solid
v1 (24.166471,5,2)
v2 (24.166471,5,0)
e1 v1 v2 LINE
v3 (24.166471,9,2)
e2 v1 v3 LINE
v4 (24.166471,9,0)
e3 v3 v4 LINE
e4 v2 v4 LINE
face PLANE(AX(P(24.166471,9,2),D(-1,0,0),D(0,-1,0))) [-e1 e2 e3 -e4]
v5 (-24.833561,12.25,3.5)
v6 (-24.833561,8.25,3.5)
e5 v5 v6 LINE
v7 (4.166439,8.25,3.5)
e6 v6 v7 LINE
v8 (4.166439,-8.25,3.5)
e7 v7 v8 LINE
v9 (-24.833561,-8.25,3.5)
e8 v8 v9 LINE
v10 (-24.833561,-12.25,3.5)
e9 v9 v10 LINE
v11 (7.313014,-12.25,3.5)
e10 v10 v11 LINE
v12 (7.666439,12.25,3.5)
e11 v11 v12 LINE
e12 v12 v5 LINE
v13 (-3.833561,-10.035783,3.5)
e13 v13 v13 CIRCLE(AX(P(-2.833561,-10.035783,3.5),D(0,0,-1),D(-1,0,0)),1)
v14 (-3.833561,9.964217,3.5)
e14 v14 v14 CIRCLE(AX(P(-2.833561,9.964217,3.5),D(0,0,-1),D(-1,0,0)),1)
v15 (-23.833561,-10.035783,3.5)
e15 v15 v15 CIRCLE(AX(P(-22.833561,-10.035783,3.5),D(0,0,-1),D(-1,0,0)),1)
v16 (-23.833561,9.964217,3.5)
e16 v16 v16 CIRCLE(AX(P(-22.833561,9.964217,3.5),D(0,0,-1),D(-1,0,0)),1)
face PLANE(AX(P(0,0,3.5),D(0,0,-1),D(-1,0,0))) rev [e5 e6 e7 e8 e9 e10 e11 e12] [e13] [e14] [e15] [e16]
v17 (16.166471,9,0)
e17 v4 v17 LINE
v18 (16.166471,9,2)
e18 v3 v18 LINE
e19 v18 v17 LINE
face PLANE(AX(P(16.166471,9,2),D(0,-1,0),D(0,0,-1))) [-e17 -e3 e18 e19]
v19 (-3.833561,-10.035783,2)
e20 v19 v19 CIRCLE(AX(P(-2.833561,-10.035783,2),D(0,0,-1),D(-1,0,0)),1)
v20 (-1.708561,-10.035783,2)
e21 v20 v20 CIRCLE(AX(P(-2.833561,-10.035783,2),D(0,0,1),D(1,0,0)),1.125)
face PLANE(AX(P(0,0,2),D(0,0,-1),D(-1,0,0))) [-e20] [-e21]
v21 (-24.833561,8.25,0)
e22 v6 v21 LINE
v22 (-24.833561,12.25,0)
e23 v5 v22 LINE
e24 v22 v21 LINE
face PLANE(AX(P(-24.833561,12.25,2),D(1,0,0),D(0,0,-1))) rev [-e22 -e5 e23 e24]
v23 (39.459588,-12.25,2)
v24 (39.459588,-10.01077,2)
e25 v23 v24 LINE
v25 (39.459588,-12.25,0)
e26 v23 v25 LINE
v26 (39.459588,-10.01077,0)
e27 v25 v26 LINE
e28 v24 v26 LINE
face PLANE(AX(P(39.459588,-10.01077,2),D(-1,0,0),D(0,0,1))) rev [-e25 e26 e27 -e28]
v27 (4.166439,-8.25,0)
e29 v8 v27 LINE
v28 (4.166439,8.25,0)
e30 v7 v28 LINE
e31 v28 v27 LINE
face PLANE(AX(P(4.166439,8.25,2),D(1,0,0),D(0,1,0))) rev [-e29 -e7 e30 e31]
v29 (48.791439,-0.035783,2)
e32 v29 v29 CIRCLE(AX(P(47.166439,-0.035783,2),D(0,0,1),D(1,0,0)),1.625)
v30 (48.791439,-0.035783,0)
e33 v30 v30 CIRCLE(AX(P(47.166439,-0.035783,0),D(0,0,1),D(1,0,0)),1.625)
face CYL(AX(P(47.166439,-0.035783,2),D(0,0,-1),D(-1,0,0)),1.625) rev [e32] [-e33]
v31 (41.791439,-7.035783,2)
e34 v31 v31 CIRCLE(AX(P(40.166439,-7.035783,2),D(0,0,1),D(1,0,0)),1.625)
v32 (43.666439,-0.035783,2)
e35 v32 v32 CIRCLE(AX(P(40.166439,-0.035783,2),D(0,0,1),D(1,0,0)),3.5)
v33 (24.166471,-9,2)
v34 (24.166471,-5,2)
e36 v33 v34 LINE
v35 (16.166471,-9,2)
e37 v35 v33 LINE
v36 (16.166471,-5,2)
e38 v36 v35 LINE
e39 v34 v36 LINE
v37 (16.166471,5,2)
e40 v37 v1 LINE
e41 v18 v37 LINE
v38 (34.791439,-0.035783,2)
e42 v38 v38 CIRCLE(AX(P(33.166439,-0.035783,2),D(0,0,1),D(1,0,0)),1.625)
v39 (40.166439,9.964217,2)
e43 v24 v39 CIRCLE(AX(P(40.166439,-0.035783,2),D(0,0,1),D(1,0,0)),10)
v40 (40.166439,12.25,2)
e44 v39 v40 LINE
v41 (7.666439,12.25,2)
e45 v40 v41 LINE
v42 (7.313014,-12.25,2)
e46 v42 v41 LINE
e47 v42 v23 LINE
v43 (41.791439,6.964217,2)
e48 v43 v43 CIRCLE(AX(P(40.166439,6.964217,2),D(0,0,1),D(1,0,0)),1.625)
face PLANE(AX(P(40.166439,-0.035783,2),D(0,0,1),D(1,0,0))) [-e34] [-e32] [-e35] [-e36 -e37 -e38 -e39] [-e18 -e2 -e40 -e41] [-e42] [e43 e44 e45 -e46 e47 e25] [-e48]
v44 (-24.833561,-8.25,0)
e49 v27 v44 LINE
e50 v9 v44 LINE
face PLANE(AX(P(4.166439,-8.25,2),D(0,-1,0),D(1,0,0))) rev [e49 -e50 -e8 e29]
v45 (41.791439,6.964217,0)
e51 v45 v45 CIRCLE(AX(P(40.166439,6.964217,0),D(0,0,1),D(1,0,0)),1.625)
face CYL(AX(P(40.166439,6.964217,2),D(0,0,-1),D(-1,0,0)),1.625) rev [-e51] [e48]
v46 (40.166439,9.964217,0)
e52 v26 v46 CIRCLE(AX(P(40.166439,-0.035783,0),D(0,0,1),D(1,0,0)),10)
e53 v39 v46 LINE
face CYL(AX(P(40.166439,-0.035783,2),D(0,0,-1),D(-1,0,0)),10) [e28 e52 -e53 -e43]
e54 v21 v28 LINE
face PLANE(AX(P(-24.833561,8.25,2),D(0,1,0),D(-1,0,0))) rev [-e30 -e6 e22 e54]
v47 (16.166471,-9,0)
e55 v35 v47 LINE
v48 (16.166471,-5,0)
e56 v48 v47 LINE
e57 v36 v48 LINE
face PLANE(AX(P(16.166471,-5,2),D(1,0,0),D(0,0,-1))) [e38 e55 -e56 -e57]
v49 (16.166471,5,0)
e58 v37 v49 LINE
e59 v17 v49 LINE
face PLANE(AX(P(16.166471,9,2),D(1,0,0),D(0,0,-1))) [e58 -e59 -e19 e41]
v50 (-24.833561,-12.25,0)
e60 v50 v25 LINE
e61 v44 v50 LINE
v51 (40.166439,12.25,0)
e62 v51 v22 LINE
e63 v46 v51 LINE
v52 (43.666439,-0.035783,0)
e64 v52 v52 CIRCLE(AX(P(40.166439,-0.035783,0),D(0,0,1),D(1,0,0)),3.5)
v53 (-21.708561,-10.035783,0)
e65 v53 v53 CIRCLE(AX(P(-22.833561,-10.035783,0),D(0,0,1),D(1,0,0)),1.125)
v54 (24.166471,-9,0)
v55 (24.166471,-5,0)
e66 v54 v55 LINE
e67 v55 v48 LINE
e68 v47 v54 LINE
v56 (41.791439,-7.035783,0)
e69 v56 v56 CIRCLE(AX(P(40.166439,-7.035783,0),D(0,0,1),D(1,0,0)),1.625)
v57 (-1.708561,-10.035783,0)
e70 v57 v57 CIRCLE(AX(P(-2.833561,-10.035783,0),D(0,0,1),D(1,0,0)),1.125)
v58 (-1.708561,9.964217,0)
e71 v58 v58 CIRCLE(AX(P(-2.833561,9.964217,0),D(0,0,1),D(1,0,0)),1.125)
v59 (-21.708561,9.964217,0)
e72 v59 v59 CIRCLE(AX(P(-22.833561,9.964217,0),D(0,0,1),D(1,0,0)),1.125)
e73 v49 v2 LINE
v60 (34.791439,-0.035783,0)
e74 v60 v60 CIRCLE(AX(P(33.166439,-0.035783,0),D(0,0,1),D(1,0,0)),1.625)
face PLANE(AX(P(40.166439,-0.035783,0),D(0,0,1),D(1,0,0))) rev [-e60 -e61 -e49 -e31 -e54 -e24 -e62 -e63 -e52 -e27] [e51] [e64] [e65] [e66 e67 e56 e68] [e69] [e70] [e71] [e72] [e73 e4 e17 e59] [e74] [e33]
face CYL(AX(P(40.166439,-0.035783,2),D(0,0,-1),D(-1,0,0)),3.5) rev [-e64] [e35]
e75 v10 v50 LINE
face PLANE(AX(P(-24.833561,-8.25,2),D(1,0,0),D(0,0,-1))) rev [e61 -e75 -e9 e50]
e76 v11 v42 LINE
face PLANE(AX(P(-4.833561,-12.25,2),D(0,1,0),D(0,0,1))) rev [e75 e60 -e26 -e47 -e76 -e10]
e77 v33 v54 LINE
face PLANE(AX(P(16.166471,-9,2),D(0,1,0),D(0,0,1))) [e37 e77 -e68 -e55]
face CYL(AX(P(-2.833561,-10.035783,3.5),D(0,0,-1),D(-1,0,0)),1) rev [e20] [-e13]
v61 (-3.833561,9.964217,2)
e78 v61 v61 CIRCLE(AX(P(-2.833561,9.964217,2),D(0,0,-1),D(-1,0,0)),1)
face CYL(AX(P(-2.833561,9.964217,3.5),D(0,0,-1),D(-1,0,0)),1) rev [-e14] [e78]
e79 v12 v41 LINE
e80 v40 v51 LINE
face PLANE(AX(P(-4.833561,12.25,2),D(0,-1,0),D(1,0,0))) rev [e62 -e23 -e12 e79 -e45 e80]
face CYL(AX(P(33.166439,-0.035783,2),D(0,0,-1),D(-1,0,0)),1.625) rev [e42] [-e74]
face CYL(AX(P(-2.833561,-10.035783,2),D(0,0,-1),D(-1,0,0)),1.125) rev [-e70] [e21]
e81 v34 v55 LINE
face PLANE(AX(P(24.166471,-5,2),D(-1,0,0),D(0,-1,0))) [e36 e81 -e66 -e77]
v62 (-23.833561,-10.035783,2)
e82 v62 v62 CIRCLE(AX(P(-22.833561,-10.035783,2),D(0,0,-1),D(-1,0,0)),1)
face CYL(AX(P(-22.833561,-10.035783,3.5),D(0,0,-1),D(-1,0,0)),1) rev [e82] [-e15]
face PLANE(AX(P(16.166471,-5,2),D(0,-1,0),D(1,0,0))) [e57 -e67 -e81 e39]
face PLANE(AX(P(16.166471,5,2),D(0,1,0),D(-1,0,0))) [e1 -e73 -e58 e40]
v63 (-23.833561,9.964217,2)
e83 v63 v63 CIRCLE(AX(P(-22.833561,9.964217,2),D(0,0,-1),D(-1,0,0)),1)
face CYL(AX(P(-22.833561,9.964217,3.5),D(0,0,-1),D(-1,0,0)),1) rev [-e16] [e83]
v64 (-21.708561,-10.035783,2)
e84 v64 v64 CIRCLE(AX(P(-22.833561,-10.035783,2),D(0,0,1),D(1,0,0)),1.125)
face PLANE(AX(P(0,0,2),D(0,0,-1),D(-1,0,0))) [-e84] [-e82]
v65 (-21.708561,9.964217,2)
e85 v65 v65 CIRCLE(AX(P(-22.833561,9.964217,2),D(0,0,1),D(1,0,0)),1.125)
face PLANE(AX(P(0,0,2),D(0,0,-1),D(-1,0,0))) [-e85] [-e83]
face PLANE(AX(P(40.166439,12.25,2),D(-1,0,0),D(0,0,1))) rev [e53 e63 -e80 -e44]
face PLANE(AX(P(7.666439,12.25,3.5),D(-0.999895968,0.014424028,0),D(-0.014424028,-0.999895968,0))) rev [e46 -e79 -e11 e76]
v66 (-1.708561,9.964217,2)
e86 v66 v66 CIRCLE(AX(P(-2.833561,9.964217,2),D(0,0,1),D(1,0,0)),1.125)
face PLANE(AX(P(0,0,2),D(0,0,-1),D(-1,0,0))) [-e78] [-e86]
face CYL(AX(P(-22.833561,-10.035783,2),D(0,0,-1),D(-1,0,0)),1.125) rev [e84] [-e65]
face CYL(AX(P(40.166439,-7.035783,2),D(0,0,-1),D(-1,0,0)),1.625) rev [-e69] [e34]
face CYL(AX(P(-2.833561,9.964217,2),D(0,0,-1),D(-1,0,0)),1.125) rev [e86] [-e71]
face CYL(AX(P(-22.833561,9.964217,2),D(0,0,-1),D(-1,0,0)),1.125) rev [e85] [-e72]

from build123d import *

# Parameters (mm, degrees)
SKETCH1_R           = 1.625
SKETCH1_R_2         = 3.5
SKETCH1_R_3         = 1.125
SKETCH1_W           = 8
SKETCH1_H           = 4
BOSS_EXTRUDE1_DEPTH = 2
BOSS_EXTRUDE2_DEPTH = 1.5
SKETCH4_R           = 1
CUT_EXTRUDE1_DEPTH  = 52.758903682


with BuildPart() as part:
    # Sketch1 → Boss-Extrude1 (new body)
    with BuildSketch(Plane.XY):
        with BuildLine():
            Line((-4.833560916, 12.25), (5.166439084, 12.25))
            Line((5.166439084, 12.25), (40.166439084, 12.25))
            Line((40.166439084, 12.25), (40.166439084, 9.964216866))
            ThreePointArc((40.166439084, 9.964216866), (50.16018383, -0.389429797), (39.459588189, -10.010769942))
            Line((39.459588189, -10.010769942), (39.459588189, -12.25))
            Line((39.459588189, -12.25), (5.166439084, -12.25))
            Line((5.166439084, -12.25), (-4.833560916, -12.25))
            Line((-4.833560916, -12.25), (-24.833560916, -12.25))
            Line((-24.833560916, -12.25), (-24.833560916, -8.25))
            Line((-24.833560916, -8.25), (4.166439084, -8.25))
            Line((4.166439084, -8.25), (4.166439084, 8.25))
            Line((4.166439084, 8.25), (-24.833560916, 8.25))
            Line((-24.833560916, 8.25), (-24.833560916, 12.25))
            Line((-24.833560916, 12.25), (-4.833560916, 12.25))
        make_face()
        with Locations((40.166439084, 6.964216866)):
            Circle(SKETCH1_R, mode=Mode.SUBTRACT)
        with Locations((47.166439084, -0.035783134)):
            Circle(SKETCH1_R, mode=Mode.SUBTRACT)
        with Locations((40.166439084, -7.035783134)):
            Circle(SKETCH1_R, mode=Mode.SUBTRACT)
        with Locations((33.166439084, -0.035783134)):
            Circle(SKETCH1_R, mode=Mode.SUBTRACT)
        with Locations((40.166439084, -0.035783134)):
            Circle(SKETCH1_R_2, mode=Mode.SUBTRACT)
        with Locations((-2.833560916, 9.964216866)):
            Circle(SKETCH1_R_3, mode=Mode.SUBTRACT)
        with Locations((-2.833560916, -10.035783134)):
            Circle(SKETCH1_R_3, mode=Mode.SUBTRACT)
        with Locations((-22.833560916, 9.964216866)):
            Circle(SKETCH1_R_3, mode=Mode.SUBTRACT)
        with Locations((-22.833560916, -10.035783134)):
            Circle(SKETCH1_R_3, mode=Mode.SUBTRACT)
        with Locations((20.166471095, 7)):
            Rectangle(SKETCH1_W, SKETCH1_H, mode=Mode.SUBTRACT)
        with Locations((20.166471095, -7)):
            Rectangle(SKETCH1_W, SKETCH1_H, mode=Mode.SUBTRACT)
    extrude(amount=BOSS_EXTRUDE1_DEPTH)

    # Sketch2 → Boss-Extrude2 (add)
    with BuildSketch(Plane.XY.offset(2)):
        Polygon((-24.833560916, 12.25), (7.666439084, 12.25), (7.313013637, -12.25), (-24.833560916, -12.25), (-24.833560916, -8.25), (4.166439084, -8.25), (4.166439084, 8.25), (-24.833560916, 8.25), align=None)
    extrude(amount=BOSS_EXTRUDE2_DEPTH)

    # Sketch4 → Cut-Extrude1 (cut, through all)
    with BuildSketch(Plane(origin=(0, 0, 0), x_dir=(-1, 0, 0), z_dir=(0, 0, -1))):
        with Locations((2.833560916, 9.964216866)):
            Circle(SKETCH4_R)
        with Locations((2.833560916, -10.035783134)):
            Circle(SKETCH4_R)
        with Locations((22.833560916, -10.035783134)):
            Circle(SKETCH4_R)
        with Locations((22.833560916, 9.964216866)):
            Circle(SKETCH4_R)
    extrude(amount=-CUT_EXTRUDE1_DEPTH, mode=Mode.SUBTRACT)


solid = part.part
